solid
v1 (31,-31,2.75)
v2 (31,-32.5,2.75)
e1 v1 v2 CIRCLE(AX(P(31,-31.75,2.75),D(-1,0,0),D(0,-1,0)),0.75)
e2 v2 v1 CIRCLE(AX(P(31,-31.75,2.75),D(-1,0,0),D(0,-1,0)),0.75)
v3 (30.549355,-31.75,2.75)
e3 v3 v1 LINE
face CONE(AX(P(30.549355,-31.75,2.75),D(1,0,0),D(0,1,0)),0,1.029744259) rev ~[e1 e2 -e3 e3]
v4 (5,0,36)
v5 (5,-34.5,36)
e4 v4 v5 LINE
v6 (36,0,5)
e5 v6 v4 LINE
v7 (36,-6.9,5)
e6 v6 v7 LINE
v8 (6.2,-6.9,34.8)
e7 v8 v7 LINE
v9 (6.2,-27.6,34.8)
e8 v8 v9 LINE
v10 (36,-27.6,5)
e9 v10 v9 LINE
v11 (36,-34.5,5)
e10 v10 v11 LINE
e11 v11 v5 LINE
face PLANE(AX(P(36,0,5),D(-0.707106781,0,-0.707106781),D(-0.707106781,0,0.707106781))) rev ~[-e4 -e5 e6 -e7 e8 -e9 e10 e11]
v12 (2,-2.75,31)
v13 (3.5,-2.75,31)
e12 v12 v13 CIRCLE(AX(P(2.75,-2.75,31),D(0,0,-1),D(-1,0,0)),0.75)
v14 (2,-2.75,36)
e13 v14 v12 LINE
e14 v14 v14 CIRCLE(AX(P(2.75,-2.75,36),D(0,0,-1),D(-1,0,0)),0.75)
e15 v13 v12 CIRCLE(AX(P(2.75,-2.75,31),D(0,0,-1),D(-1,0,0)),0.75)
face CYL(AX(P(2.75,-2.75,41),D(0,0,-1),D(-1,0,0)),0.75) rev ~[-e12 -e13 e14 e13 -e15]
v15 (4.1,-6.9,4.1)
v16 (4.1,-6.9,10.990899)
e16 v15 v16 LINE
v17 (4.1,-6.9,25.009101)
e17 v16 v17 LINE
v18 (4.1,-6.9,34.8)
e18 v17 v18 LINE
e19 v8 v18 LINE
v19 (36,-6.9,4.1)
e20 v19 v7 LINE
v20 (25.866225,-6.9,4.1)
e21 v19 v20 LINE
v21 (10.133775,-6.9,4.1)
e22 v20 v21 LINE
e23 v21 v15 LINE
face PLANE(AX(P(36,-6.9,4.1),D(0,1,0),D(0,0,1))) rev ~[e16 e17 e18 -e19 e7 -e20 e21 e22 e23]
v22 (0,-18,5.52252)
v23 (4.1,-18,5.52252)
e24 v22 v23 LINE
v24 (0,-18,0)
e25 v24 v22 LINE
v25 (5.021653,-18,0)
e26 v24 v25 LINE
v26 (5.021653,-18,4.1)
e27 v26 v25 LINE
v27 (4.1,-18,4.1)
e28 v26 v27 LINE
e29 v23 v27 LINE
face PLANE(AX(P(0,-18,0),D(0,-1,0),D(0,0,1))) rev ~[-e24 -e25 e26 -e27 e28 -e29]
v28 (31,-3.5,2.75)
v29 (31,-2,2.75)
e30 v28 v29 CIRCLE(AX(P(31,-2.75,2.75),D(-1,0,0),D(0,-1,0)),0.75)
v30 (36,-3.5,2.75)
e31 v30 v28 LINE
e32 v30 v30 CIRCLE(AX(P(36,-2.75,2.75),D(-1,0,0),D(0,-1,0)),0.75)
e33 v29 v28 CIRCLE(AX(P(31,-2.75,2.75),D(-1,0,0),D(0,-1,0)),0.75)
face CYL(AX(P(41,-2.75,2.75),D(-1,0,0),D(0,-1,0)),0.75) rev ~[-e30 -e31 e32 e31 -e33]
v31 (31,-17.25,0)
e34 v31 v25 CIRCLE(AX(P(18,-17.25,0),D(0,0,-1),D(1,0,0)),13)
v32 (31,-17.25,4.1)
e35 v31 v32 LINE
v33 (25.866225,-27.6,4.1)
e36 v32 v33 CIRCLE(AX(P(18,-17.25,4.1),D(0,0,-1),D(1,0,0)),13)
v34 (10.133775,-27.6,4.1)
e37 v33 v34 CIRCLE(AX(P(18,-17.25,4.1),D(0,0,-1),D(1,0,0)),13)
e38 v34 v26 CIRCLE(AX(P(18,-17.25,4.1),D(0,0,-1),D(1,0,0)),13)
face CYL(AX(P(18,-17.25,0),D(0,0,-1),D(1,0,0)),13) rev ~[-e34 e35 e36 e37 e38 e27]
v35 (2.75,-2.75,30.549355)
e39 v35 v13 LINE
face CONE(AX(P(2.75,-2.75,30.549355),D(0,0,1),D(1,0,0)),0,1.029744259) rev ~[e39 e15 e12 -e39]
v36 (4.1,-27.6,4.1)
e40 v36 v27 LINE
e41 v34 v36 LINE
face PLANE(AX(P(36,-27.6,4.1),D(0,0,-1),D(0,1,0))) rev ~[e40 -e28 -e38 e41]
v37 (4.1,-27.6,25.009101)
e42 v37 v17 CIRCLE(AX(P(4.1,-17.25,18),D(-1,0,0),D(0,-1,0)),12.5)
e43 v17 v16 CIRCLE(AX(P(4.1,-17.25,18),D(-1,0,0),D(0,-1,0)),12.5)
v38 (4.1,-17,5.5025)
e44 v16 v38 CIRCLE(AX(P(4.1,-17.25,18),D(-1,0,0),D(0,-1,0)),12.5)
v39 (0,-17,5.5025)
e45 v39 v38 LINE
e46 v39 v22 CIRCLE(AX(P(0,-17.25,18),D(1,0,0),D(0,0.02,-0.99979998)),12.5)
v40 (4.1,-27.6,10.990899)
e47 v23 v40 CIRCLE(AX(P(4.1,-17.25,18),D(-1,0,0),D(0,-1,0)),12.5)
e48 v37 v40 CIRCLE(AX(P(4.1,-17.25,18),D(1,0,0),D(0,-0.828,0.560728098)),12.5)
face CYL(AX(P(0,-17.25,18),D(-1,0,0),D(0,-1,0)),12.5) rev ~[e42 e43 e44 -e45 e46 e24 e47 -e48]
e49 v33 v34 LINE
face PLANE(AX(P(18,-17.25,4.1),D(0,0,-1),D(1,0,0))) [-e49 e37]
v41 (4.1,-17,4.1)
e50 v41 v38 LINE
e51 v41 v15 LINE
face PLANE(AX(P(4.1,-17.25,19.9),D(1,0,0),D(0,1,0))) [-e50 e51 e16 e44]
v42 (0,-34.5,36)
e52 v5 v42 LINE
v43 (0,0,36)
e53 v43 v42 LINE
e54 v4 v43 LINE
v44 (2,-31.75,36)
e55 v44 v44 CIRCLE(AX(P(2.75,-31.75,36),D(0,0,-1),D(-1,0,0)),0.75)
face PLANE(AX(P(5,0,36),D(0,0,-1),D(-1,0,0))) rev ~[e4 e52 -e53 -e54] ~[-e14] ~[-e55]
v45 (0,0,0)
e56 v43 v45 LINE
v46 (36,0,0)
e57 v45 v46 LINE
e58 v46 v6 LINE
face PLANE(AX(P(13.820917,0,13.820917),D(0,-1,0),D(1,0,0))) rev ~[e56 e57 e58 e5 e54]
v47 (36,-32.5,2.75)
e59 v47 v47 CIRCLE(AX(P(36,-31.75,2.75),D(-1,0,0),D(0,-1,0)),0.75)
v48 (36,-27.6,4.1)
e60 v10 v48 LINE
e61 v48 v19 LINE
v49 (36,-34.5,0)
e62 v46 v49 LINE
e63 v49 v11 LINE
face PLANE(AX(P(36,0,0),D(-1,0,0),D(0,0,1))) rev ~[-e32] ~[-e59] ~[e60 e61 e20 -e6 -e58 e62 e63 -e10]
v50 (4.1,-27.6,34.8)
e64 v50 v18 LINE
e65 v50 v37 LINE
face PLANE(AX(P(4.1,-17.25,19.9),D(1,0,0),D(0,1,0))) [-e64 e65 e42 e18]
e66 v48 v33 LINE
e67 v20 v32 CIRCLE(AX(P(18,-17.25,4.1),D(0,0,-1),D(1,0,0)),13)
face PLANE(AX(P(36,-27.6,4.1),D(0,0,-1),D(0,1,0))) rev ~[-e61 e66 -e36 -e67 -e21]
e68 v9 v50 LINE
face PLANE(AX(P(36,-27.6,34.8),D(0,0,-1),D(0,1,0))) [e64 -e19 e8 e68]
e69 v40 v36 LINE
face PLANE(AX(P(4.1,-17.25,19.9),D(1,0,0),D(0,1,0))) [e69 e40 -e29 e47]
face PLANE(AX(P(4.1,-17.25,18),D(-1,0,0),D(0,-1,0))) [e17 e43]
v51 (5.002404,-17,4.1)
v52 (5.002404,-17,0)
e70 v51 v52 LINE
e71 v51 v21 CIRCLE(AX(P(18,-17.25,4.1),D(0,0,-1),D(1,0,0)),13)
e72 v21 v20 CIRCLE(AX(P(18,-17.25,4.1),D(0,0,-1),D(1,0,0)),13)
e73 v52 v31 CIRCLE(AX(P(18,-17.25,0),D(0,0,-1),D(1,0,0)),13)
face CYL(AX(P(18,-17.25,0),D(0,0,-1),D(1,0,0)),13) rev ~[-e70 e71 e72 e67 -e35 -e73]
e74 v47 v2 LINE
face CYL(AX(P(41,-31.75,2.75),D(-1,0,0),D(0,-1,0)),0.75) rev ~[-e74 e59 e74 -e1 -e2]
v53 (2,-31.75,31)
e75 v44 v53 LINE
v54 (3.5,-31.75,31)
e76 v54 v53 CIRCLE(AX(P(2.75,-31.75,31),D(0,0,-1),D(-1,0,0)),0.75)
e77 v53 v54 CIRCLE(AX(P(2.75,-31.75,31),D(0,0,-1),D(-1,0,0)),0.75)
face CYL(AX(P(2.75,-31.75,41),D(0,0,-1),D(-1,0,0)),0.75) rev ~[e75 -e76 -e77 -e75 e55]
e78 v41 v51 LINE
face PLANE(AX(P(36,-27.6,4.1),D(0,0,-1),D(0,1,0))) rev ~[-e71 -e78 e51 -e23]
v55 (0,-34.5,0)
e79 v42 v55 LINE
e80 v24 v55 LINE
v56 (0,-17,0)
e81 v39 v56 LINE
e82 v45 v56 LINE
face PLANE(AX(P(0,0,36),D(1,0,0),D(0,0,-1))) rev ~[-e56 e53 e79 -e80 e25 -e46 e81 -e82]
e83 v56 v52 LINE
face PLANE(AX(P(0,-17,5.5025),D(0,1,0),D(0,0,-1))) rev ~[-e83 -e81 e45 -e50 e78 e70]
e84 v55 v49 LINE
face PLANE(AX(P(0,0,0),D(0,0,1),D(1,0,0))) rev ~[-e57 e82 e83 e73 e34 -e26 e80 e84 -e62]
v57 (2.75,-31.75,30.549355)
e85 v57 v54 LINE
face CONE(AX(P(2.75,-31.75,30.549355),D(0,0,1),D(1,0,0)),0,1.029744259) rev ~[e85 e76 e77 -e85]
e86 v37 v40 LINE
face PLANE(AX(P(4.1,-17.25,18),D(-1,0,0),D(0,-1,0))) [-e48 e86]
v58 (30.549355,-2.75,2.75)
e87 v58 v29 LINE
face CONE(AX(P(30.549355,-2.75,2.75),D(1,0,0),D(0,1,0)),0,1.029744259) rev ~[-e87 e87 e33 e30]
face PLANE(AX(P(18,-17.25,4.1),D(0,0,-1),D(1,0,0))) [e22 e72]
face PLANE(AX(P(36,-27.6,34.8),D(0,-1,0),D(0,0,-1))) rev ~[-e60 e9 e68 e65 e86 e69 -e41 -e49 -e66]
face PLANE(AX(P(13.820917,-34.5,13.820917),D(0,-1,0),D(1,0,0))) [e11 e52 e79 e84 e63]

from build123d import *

# Parameters (mm, degrees)
F1_DEPTH        = 34.5
F2_R            = 12.5
F3_DEPTH        = 4.1
F4_R            = 13
F5_DEPTH        = 4.1
F6_W            = 20.7
F6_H            = 29.8
F6_H_2          = 0.9
F7_DEPTH        = 31.9
F10_D           = 1.5
F10_DEPTH       = 5
F10_TIP         = 0.4506454643
F10_ON_F9_D     = 1.5
F10_ON_F9_DEPTH = 5
F10_ON_F9_TIP   = 0.4506454643
F12_DEPTH       = 25


with BuildPart() as f1:
    # F0 (on Front) → F1 (new body)
    with BuildSketch(Plane.XZ):
        Polygon((0, 36), (0, 0), (36, 0), (36, 5), (5, 36), align=None)
    extrude(amount=F1_DEPTH)

    # F2 (on face) → F3 (cut)
    with BuildSketch(Plane(origin=(0, 0, 0), x_dir=(0, -1, 0), z_dir=(-1, 0, 0))):
        with Locations((17.25, 18)):
            Circle(F2_R)
    extrude(amount=-F3_DEPTH, mode=Mode.SUBTRACT)

    # F4 (on face) → F5 (cut)
    with BuildSketch(Plane(origin=(0, 0, 0), x_dir=(1, 0, 0), z_dir=(0, 0, -1))):
        with Locations((18, 17.25)):
            Circle(F4_R)
    extrude(amount=-F5_DEPTH, mode=Mode.SUBTRACT)

    # F6 (on face) → F7 (cut)
    with BuildSketch(Plane.YZ.offset(36)):
        with Locations((-17.25, 19.9)):
            Rectangle(F6_W, F6_H)
        with Locations((-17.25, 4.55)):
            Rectangle(F6_W, F6_H_2)
    extrude(amount=-F7_DEPTH, mode=Mode.SUBTRACT)

    # F10
    with Locations(Plane.XY.offset(36)):
        with Locations((2.75, -31.75), (2.75, -2.75)):
            Hole(F10_D / 2, depth=F10_DEPTH)
            with Locations((0, 0, -(F10_DEPTH + F10_TIP / 2))):  # 118° drill point
                Cone(0, F10_D / 2, F10_TIP, mode=Mode.SUBTRACT)

    # F10 on F9
    with Locations(Plane.YZ.offset(36)):
        with Locations((-31.75, 2.75), (-2.75, 2.75)):
            Hole(F10_ON_F9_D / 2, depth=F10_ON_F9_DEPTH)
            with Locations((0, 0, -(F10_ON_F9_DEPTH + F10_ON_F9_TIP / 2))):  # 118° drill point
                Cone(0, F10_ON_F9_D / 2, F10_ON_F9_TIP, mode=Mode.SUBTRACT)

    # F11 (on face) → F12 (cut)
    with BuildSketch(Plane(origin=(0, 0, 0), x_dir=(0, -1, 0), z_dir=(-1, 0, 0))):
        with BuildLine():
            ThreePointArc((18, 5.5225202865), (17.5002003207, 5.5025042589), (17, 5.5025002501))
            Line((17, 5.5025002501), (17, 0))
            Line((17, 0), (18, 0))
            Line((18, 0), (18, 5.5225202865))
        make_face()
    extrude(amount=-F12_DEPTH, mode=Mode.SUBTRACT)


solid = f1.part
